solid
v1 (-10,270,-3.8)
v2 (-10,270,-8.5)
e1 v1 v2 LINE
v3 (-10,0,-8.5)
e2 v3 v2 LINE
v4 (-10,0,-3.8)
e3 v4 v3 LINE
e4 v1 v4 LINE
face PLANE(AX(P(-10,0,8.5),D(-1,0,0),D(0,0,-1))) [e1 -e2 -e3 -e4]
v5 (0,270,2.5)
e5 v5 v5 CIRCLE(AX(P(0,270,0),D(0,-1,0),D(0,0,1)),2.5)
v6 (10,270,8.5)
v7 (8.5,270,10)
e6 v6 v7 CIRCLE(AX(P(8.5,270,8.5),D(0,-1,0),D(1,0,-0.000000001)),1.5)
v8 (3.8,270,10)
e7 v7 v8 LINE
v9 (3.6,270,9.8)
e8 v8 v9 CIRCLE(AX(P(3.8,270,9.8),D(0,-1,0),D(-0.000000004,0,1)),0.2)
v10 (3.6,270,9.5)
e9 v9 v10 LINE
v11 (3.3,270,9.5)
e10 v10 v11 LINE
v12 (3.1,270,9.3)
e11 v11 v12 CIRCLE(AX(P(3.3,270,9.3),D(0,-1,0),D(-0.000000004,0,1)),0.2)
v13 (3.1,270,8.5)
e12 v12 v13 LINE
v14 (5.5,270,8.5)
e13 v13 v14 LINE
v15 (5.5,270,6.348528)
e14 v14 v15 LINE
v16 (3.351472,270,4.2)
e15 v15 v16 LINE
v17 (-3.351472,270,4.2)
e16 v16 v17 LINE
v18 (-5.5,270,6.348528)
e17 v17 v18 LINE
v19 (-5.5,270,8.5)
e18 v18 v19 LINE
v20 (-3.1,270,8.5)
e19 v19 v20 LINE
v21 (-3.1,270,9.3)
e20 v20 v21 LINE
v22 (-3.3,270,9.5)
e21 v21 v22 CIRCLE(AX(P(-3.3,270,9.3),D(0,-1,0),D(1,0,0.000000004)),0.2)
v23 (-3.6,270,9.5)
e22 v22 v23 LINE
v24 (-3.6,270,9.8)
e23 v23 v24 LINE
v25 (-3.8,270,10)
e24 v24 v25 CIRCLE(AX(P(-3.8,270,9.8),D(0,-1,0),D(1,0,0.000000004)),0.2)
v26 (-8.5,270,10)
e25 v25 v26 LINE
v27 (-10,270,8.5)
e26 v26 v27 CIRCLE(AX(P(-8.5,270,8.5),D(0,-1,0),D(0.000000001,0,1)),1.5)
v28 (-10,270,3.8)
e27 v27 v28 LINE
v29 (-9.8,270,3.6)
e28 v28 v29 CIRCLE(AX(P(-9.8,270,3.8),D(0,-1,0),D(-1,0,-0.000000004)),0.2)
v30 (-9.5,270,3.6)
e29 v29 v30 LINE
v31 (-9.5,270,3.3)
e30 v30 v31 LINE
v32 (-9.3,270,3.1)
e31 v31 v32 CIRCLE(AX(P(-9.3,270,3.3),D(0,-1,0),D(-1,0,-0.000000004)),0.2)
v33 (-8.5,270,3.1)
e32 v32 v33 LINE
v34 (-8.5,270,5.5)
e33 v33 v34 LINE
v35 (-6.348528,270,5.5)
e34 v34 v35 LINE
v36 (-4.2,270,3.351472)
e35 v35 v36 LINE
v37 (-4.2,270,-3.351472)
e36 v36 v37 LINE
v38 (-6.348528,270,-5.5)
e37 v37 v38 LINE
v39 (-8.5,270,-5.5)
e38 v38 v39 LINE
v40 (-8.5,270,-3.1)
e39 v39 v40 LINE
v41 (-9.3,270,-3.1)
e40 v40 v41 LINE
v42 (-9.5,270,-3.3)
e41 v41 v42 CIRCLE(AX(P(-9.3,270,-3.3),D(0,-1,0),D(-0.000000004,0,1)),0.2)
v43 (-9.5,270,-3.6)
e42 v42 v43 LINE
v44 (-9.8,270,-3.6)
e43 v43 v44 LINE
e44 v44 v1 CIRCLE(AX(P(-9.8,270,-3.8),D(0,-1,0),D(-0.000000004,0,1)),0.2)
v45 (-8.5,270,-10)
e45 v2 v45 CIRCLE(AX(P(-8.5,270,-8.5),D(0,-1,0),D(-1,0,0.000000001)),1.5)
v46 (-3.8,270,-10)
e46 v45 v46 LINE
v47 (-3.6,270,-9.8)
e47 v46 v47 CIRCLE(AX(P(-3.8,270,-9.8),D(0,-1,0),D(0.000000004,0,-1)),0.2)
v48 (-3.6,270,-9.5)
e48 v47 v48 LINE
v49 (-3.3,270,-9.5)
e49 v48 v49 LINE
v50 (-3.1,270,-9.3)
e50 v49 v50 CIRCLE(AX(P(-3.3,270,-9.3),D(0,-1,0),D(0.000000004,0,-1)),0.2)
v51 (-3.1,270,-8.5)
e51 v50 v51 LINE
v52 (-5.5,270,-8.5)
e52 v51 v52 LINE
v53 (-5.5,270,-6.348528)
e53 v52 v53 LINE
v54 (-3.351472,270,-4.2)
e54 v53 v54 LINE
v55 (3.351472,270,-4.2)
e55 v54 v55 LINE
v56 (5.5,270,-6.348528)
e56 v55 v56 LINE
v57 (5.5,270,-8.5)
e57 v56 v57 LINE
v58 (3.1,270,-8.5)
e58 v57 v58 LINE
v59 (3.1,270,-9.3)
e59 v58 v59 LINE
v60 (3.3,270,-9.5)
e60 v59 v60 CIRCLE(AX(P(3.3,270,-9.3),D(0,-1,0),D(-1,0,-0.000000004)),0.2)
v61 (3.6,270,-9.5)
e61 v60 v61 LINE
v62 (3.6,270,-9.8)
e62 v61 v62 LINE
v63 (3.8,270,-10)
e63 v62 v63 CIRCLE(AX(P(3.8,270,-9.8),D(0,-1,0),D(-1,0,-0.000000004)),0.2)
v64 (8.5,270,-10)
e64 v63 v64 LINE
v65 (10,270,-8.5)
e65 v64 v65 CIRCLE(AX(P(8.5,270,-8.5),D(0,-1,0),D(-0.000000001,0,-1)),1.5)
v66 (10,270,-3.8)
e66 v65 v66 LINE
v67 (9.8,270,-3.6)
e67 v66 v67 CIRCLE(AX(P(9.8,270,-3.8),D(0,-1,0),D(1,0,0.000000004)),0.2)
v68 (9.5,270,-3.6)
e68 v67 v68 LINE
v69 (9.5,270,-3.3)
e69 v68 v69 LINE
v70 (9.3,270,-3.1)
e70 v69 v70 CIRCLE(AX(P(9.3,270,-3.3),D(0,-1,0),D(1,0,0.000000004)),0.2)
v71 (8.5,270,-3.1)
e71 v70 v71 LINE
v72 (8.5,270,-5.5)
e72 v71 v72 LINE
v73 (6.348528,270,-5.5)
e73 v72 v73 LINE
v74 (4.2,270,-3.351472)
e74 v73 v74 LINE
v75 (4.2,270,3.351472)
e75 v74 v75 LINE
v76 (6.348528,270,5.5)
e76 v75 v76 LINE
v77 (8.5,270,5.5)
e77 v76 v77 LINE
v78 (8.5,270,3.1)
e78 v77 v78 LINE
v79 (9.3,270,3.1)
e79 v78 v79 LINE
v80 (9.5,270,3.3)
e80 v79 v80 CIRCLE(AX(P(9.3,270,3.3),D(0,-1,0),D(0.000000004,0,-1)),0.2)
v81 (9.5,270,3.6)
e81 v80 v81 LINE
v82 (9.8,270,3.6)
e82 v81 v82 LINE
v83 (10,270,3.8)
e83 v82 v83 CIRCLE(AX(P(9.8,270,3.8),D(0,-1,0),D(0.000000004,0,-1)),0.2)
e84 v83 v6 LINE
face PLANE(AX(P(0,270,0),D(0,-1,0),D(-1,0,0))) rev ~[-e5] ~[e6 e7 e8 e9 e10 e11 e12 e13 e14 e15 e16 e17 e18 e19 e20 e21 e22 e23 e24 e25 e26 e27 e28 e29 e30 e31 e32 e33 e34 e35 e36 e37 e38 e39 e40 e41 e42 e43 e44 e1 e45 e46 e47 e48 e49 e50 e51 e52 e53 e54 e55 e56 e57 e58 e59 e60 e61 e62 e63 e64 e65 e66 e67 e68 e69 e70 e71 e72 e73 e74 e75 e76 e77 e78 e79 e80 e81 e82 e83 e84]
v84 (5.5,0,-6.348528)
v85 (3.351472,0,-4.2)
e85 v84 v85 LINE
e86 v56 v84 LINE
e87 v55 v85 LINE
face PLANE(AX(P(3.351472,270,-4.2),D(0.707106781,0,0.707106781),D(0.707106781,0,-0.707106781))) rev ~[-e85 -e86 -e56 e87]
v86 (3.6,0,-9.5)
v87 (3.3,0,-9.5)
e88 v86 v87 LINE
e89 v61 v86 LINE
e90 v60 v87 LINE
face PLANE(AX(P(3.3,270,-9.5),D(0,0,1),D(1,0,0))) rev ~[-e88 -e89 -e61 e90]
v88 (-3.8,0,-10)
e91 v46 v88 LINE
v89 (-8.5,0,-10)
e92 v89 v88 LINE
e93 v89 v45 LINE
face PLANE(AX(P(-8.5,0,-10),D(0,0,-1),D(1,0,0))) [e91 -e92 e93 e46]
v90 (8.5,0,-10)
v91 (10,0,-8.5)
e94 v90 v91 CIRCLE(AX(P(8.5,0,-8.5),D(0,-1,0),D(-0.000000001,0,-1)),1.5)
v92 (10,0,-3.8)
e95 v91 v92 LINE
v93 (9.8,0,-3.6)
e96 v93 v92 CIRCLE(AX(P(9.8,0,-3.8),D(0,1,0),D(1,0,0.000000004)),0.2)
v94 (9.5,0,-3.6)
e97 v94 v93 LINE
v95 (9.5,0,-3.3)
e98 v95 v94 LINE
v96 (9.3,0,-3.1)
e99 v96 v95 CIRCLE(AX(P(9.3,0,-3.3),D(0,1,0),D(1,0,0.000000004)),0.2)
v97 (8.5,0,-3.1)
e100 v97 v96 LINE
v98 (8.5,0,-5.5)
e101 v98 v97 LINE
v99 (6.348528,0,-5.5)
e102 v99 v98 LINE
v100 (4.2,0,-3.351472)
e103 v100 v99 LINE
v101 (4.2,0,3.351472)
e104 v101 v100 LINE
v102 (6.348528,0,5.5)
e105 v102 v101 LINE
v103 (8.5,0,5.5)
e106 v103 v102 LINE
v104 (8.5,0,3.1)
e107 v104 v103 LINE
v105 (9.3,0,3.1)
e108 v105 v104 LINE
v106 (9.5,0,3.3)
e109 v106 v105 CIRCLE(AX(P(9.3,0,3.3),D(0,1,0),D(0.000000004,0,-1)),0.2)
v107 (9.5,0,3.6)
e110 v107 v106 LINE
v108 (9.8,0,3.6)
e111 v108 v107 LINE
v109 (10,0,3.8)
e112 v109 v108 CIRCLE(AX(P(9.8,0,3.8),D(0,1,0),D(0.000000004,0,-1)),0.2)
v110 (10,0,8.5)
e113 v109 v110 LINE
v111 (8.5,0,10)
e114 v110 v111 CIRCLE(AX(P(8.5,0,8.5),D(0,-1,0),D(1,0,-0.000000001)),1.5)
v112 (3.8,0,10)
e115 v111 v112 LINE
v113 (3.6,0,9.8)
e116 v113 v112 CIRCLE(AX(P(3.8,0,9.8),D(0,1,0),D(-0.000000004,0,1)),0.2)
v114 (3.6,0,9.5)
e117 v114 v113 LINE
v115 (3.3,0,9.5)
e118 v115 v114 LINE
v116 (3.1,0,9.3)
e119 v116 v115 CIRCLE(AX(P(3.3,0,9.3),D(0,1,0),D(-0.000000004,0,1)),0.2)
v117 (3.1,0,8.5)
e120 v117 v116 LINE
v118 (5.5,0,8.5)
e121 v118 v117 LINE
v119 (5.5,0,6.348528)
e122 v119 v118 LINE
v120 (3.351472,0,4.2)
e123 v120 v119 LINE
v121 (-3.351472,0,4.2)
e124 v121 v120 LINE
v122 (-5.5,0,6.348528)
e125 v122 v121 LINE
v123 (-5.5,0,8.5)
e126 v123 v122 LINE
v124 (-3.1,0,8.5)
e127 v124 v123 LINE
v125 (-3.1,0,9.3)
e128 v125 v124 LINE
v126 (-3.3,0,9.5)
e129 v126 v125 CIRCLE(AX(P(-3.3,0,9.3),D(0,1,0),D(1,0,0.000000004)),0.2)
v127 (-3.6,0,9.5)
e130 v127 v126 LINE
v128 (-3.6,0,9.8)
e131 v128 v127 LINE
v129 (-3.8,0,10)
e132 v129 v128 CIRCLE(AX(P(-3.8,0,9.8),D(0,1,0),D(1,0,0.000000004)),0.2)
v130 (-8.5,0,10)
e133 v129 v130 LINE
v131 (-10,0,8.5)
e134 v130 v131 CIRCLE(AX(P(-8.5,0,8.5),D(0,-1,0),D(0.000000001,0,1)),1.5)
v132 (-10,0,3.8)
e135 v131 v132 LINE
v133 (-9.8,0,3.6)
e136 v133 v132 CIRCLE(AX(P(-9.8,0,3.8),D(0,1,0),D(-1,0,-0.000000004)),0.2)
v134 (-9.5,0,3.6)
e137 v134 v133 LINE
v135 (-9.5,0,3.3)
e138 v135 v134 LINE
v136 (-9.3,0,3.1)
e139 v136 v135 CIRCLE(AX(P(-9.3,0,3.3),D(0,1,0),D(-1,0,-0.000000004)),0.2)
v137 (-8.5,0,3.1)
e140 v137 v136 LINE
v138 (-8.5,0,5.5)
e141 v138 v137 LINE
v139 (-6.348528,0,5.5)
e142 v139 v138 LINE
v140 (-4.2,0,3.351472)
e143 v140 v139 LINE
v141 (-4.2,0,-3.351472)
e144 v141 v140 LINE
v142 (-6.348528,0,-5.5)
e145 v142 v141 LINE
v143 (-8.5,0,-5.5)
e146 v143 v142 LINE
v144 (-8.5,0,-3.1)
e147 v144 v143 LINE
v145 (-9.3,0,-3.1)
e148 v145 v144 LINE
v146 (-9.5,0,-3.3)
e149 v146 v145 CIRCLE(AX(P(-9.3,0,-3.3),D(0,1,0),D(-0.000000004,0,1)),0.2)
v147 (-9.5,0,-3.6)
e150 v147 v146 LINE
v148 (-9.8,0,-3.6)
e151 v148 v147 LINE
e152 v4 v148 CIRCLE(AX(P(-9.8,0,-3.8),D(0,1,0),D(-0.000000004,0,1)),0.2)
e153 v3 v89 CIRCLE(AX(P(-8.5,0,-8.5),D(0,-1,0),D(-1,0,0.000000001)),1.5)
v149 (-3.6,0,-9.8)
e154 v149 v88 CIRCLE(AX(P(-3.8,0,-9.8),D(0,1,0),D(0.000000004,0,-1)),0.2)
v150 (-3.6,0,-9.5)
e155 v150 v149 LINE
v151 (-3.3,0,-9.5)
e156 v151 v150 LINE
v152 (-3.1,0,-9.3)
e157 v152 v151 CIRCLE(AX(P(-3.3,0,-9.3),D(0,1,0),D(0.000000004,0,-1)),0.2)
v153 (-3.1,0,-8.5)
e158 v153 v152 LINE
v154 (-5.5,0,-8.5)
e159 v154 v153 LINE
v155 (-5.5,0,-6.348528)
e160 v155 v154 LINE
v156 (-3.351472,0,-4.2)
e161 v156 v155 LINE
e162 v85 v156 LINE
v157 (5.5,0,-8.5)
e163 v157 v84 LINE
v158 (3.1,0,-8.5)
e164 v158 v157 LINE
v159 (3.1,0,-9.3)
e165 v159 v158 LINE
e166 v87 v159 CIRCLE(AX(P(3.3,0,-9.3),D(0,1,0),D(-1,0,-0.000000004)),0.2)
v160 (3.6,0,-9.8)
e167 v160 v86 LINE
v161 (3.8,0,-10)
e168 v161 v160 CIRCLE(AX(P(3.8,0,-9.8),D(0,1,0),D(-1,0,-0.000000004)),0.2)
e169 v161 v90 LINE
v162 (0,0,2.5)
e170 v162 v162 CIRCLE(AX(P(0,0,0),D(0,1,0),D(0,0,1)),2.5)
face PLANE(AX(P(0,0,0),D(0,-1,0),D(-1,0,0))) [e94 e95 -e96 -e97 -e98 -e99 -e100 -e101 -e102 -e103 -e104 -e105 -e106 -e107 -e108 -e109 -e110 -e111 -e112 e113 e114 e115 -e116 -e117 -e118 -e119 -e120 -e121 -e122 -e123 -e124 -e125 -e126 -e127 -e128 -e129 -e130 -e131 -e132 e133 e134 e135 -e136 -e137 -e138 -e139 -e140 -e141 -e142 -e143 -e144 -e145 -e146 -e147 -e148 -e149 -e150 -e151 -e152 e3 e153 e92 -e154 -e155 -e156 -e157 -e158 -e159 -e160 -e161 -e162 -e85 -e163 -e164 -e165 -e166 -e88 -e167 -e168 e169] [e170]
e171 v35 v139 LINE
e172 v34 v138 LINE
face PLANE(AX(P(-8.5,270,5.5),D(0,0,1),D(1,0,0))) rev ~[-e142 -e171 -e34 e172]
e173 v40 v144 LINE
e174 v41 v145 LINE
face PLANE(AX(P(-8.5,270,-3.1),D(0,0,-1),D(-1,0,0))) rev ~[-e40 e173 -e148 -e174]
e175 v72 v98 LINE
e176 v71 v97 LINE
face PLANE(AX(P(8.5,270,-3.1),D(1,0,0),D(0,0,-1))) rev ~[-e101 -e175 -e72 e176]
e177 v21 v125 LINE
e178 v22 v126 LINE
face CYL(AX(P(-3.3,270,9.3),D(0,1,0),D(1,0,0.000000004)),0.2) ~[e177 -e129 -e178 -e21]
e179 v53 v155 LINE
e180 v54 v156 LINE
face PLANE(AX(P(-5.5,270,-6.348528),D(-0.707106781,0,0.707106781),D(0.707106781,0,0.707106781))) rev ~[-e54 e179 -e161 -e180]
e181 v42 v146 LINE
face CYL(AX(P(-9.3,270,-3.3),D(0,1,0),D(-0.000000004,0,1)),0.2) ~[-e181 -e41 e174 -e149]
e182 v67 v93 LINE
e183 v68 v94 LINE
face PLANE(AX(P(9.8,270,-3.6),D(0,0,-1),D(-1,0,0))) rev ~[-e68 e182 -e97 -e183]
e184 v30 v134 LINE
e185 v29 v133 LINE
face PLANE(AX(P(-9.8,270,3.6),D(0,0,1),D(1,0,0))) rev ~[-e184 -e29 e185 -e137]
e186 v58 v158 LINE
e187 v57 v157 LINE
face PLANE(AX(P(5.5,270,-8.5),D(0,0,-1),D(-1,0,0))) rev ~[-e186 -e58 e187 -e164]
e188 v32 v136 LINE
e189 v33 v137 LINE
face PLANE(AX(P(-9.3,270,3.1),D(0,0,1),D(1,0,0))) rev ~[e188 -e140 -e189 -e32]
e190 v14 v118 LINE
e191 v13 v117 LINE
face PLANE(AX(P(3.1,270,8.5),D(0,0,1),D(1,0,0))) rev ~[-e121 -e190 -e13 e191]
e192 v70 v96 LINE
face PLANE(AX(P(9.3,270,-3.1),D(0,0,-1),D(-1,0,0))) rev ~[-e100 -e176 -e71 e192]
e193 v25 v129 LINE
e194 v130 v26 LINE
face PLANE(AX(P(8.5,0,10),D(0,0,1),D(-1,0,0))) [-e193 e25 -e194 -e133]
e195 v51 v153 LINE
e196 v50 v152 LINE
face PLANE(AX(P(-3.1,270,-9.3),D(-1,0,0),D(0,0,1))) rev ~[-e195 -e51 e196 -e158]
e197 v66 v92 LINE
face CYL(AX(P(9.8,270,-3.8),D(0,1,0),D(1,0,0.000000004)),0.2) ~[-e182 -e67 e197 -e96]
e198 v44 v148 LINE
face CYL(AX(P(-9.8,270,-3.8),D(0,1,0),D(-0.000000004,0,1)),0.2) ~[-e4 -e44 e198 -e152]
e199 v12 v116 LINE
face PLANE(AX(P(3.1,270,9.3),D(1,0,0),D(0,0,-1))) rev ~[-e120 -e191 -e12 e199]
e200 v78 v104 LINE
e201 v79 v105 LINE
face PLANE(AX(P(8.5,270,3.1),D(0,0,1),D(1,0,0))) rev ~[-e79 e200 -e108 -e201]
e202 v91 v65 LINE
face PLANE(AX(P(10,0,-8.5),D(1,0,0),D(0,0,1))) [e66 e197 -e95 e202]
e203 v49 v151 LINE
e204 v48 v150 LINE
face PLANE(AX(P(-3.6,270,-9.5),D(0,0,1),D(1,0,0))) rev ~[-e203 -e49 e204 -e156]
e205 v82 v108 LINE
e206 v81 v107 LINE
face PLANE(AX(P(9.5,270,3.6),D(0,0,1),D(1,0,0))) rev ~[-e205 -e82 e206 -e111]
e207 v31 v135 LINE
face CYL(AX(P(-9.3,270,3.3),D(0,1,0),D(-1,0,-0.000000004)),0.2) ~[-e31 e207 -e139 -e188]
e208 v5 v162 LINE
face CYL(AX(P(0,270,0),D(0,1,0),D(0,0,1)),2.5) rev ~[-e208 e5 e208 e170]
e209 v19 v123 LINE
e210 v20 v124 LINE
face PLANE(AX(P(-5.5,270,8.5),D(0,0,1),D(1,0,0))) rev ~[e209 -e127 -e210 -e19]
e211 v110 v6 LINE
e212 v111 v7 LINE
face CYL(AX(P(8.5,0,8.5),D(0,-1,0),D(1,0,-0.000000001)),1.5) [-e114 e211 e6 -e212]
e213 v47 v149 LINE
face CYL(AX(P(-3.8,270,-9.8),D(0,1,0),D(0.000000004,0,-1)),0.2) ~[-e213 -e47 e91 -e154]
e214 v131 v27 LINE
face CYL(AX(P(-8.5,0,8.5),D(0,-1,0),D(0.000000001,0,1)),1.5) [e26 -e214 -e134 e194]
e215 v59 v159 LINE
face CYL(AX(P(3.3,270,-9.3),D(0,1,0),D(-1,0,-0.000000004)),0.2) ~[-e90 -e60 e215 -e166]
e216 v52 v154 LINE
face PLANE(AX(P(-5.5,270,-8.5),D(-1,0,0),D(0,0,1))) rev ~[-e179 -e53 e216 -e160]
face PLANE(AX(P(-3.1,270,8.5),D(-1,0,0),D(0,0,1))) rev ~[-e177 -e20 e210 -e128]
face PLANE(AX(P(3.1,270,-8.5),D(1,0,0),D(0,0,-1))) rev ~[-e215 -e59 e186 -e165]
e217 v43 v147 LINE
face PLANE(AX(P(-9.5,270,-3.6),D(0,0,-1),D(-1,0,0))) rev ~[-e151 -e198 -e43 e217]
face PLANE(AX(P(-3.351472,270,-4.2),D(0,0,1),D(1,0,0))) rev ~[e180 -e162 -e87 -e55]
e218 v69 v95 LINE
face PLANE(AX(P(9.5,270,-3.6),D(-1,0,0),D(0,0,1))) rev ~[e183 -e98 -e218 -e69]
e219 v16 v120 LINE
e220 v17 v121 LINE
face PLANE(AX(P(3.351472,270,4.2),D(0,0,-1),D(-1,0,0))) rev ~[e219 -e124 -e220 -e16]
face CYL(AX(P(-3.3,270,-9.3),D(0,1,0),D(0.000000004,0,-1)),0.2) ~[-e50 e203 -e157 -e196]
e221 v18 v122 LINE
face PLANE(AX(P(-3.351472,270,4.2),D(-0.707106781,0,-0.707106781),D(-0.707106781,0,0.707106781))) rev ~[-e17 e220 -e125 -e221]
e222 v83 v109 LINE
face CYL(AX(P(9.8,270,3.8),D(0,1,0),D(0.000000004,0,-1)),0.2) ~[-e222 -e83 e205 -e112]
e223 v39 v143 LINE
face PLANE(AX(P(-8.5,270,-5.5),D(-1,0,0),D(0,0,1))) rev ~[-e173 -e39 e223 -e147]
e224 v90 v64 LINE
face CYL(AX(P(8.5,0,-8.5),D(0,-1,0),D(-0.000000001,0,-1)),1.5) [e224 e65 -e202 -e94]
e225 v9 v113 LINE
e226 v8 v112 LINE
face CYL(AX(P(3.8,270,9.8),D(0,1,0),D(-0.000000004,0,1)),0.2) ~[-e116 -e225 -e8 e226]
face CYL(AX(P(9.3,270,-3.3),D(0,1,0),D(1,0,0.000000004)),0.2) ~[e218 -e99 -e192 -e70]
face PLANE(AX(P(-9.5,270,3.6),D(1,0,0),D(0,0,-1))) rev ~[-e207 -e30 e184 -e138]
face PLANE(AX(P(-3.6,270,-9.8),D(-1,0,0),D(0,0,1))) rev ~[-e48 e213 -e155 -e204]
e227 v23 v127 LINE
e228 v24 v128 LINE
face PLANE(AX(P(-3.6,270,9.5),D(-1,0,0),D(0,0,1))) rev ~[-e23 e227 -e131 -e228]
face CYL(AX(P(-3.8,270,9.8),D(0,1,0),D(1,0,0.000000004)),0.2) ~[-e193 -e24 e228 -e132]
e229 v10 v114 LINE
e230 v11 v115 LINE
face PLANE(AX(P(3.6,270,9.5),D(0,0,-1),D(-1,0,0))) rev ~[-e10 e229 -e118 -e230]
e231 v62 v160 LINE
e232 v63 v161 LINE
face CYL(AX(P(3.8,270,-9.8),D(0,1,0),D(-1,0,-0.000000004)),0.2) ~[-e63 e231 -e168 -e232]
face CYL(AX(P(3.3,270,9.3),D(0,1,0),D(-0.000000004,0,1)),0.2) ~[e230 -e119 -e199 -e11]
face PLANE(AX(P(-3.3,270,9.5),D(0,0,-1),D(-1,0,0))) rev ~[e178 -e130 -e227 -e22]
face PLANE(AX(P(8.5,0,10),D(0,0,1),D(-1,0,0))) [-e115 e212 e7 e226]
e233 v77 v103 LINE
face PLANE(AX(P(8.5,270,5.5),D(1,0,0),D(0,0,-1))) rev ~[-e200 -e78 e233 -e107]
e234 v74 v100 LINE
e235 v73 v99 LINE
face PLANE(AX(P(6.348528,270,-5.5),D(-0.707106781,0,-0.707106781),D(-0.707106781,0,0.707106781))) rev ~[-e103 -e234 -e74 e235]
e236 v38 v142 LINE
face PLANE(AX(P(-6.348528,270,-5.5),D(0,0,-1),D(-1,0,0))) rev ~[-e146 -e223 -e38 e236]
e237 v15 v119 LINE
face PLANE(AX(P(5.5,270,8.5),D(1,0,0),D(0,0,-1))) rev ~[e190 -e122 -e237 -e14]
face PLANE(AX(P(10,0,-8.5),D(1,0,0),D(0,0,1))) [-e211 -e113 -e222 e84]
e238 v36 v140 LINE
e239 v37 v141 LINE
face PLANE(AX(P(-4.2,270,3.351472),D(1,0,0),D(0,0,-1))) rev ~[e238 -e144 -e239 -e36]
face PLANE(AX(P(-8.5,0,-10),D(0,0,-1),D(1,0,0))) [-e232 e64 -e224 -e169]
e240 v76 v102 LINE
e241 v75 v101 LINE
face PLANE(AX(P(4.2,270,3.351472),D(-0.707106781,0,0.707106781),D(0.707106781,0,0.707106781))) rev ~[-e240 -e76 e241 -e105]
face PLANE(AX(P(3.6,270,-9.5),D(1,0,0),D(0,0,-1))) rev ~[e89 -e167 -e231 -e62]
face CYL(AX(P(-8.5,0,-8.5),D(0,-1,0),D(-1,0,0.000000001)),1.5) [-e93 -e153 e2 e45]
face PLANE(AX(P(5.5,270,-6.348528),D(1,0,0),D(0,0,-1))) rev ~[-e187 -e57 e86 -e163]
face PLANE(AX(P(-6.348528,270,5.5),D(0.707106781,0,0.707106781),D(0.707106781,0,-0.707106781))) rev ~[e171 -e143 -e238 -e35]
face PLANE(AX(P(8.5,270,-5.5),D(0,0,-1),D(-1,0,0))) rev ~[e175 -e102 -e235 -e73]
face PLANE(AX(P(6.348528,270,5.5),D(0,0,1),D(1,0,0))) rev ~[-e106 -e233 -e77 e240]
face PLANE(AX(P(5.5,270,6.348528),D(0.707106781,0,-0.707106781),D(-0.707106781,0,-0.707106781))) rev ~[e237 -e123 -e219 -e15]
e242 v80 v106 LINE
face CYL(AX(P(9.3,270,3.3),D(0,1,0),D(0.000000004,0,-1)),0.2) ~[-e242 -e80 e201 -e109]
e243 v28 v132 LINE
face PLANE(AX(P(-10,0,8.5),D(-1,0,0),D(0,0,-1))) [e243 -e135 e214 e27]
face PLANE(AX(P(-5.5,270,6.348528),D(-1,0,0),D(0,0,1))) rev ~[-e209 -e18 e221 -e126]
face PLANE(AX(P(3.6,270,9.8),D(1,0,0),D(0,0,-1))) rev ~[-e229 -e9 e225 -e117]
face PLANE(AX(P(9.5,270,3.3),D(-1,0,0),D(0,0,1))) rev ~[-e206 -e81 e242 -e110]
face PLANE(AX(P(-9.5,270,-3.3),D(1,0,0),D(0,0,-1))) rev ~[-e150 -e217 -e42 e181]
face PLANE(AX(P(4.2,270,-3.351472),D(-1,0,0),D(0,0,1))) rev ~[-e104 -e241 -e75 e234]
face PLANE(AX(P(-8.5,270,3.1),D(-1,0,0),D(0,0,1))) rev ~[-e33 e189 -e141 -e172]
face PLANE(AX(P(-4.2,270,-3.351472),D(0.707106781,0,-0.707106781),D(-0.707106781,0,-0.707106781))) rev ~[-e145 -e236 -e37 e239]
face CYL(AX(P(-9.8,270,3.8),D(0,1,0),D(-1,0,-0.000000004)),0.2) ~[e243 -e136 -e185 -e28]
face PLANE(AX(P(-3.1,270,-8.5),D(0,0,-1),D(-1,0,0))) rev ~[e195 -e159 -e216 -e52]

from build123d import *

# Parameters (mm, degrees)
BOSS_EXTRUDE1_DEPTH = 270
SKETCH3_R           = 2.5
CUT_EXTRUDE1_DEPTH  = 271.370116692
CIRPATTERN1_COUNT   = 4


with BuildPart() as part:
    # Sketch2 → Boss-Extrude1 (new body)
    with BuildSketch(Plane(origin=(0, 0, 0), x_dir=(1, 0, 0), z_dir=(0, 1, 0))):
        with BuildLine():
            Line((-10, -8.5), (-10, 8.5))
            ThreePointArc((-10, 8.5), (-9.560660172, 9.560660172), (-8.5, 10))
            Line((-8.5, 10), (8.5, 10))
            ThreePointArc((8.5, 10), (9.560660172, 9.560660172), (10, 8.5))
            Line((10, 8.5), (10, -8.5))
            ThreePointArc((10, -8.5), (9.560660172, -9.560660172), (8.5, -10))
            Line((8.5, -10), (-8.5, -10))
            ThreePointArc((-8.5, -10), (-9.560660172, -9.560660172), (-10, -8.5))
        make_face()
    extrude(amount=BOSS_EXTRUDE1_DEPTH)

    # Sketch3 → Cut-Extrude1 (cut, through all)
    with BuildSketch(Plane(origin=(0, 270, 0), x_dir=(1, 0, 0), z_dir=(0, 1, 0))):
        with BuildLine():
            Line((-6.348528137, -5.5), (-4.2, -3.351471863))
            Line((-4.2, -3.351471863), (-4.2, 3.351471863))
            Line((-4.2, 3.351471863), (-6.348528137, 5.5))
            Line((-6.348528137, 5.5), (-8.5, 5.5))
            Line((-8.5, 5.5), (-8.5, 3.1))
            Line((-8.5, 3.1), (-9.3, 3.1))
            ThreePointArc((-9.3, 3.1), (-9.441421356, 3.158578644), (-9.5, 3.3))
            Line((-9.5, 3.3), (-9.5, 3.6))
            Line((-9.5, 3.6), (-9.8, 3.6))
            ThreePointArc((-9.8, 3.6), (-9.941421356, 3.658578644), (-10, 3.8))
            Line((-10, 3.8), (-10, -3.8))
            ThreePointArc((-10, -3.8), (-9.941421356, -3.658578644), (-9.8, -3.6))
            Line((-9.8, -3.6), (-9.5, -3.6))
            Line((-9.5, -3.6), (-9.5, -3.3))
            ThreePointArc((-9.5, -3.3), (-9.441421356, -3.158578644), (-9.3, -3.1))
            Line((-9.3, -3.1), (-8.5, -3.1))
            Line((-8.5, -3.1), (-8.5, -5.5))
            Line((-8.5, -5.5), (-6.348528137, -5.5))
        make_face()
        Circle(SKETCH3_R)
    cut_extrude1 = extrude(amount=-CUT_EXTRUDE1_DEPTH, mode=Mode.SUBTRACT)

    # CirPattern1: Cut-Extrude1 ×4 about axis
    cirpattern1_axis = Axis((0, -20, 0), (0, 1, 0))
    for i in range(1, CIRPATTERN1_COUNT):
        add(cut_extrude1.rotate(cirpattern1_axis, i * 360 / CIRPATTERN1_COUNT), mode=Mode.SUBTRACT)


solid = part.part
